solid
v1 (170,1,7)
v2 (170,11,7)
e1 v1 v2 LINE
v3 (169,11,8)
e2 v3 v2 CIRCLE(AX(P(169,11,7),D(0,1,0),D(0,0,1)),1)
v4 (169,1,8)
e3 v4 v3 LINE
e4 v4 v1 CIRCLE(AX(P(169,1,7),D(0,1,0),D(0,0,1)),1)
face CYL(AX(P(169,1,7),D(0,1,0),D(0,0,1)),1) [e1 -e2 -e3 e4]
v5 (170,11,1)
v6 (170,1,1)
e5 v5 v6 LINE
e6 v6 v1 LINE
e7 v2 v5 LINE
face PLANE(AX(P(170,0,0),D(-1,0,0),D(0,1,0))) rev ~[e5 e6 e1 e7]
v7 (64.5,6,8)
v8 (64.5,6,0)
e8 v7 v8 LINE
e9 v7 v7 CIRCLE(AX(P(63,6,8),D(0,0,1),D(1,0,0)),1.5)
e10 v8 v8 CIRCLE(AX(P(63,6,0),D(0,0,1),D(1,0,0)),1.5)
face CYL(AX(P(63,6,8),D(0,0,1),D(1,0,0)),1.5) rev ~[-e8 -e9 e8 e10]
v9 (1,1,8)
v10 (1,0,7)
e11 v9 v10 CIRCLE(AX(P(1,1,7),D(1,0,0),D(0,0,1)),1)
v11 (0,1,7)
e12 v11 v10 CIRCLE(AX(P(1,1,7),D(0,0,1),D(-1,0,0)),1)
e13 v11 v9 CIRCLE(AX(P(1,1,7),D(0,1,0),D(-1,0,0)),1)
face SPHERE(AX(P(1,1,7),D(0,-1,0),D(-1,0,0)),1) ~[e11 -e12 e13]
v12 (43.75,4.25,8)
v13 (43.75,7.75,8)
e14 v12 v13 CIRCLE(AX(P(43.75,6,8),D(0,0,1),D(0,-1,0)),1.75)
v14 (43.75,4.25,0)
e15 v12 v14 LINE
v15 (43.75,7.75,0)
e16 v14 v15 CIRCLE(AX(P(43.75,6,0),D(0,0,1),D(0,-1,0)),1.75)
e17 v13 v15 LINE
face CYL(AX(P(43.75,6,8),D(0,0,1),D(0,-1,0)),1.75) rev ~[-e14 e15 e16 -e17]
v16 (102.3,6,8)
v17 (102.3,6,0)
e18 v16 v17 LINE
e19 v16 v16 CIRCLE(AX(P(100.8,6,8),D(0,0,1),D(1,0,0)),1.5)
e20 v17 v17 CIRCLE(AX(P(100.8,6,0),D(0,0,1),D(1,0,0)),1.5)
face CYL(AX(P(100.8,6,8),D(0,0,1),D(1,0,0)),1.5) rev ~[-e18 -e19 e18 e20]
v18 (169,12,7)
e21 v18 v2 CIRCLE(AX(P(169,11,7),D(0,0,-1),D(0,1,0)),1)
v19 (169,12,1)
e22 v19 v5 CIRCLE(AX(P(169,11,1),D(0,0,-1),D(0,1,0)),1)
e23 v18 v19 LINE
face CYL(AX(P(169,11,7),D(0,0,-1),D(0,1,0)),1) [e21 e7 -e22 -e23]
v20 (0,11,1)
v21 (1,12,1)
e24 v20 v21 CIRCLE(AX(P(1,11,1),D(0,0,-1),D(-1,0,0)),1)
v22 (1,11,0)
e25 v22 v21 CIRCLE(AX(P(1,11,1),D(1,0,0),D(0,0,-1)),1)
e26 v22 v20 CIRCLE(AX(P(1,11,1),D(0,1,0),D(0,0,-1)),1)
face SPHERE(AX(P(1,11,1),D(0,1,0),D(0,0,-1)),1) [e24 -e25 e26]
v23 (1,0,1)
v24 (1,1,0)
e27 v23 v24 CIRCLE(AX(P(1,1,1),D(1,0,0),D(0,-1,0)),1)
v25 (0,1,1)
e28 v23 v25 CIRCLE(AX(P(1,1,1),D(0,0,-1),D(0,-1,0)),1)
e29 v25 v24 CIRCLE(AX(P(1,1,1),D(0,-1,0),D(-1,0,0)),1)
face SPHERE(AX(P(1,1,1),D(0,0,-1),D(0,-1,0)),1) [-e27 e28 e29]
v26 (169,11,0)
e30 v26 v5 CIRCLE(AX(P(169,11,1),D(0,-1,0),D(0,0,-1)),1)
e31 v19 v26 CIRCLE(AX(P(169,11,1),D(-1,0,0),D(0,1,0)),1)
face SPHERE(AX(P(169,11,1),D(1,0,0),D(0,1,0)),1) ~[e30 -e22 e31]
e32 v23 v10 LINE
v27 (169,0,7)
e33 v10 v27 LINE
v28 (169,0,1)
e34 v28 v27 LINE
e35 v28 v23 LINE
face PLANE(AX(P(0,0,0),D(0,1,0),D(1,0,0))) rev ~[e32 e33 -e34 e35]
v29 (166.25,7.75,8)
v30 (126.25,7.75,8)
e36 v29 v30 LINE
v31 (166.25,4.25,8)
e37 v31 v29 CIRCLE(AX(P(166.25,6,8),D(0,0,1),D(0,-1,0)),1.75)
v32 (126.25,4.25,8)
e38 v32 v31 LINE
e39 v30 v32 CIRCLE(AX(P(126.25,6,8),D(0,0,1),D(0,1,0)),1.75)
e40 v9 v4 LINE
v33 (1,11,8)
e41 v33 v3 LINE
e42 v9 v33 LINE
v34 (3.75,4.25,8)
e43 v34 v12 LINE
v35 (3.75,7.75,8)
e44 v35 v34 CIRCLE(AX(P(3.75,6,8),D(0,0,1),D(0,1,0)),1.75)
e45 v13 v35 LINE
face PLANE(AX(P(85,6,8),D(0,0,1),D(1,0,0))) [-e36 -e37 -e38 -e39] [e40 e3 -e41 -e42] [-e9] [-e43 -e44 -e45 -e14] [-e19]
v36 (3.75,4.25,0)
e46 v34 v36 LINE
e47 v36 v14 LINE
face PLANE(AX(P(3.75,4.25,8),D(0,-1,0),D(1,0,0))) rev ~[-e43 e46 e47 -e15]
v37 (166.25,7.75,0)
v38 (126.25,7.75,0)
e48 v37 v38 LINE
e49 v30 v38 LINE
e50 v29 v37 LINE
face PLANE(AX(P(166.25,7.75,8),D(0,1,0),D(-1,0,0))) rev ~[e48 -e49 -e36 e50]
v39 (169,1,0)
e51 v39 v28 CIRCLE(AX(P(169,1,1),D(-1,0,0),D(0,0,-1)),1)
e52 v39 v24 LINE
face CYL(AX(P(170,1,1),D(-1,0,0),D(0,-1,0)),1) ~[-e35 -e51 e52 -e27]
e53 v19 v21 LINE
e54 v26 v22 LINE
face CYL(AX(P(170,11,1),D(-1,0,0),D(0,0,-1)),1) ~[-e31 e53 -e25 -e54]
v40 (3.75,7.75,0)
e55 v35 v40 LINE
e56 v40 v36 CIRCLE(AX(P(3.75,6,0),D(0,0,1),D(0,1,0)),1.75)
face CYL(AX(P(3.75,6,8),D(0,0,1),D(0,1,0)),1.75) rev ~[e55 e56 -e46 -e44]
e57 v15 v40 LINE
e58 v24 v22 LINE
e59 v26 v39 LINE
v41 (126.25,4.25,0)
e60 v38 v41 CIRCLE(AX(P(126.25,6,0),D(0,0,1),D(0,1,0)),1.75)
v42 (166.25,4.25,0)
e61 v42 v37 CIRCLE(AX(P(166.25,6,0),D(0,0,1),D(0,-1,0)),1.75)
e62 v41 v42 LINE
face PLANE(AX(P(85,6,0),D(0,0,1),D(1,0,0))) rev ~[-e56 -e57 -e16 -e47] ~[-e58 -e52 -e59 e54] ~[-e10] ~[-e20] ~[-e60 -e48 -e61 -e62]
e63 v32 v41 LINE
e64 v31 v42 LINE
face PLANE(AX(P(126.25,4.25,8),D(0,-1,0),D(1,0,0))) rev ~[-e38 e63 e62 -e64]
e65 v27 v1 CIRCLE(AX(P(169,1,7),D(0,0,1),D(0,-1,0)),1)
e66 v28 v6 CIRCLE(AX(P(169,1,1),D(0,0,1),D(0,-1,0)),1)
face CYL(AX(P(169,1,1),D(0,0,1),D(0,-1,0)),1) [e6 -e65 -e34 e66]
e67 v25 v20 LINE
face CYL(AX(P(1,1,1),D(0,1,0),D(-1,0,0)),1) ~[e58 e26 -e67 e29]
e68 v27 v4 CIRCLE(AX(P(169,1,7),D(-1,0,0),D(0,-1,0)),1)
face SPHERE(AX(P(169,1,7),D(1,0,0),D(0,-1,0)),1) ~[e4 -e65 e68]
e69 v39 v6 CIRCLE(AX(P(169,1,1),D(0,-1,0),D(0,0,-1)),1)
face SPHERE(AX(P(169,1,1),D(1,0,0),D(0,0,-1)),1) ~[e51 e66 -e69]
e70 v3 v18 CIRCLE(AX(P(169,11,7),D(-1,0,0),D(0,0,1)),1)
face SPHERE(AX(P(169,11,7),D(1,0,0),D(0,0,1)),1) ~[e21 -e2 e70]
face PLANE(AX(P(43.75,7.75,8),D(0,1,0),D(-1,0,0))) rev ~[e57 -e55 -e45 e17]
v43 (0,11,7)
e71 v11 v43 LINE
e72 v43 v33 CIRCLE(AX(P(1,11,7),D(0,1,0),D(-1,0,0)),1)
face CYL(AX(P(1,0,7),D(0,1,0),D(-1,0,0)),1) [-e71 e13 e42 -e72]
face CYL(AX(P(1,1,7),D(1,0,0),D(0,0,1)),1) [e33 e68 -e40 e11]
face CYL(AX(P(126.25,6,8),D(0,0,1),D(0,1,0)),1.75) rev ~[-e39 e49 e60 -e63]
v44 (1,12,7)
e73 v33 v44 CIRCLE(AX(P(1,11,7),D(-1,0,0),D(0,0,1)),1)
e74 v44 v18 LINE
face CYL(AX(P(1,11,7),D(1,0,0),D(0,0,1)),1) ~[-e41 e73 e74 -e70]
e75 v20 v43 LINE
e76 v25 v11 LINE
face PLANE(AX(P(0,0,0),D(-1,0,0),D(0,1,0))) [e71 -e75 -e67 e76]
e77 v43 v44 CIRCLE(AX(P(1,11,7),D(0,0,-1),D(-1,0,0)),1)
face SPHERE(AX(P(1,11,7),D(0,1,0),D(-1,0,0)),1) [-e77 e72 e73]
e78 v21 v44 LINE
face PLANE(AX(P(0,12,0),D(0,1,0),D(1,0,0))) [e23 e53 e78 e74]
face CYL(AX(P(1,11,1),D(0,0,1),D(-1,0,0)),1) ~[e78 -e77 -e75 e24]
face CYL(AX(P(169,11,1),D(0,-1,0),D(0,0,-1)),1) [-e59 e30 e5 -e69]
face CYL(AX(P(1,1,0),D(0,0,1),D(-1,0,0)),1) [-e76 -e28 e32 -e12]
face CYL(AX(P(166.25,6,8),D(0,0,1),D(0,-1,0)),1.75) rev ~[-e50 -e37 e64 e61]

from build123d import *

# Parameters (mm, degrees)
SKETCH_W        = 170
SKETCH_H        = 12
PAD_DEPTH       = 8
POCKET_DEPTH    = 8
POCKET001_DEPTH = 8
FILLET_R        = 1
FILLET001_R     = 1
FILLET002_R     = 1
FILLET003_R     = 1
FILLET004_R     = 1
SKETCH003_R     = 1.5
POCKET002_DEPTH = 8


with BuildPart() as part:
    # Sketch → Pad (new body)
    with BuildSketch(Plane.XY):
        with Locations((85, 6)):
            Rectangle(SKETCH_W, SKETCH_H)
    extrude(amount=PAD_DEPTH)

    # Sketch001 (on Face6 of Pad) → Pocket (cut)
    with BuildSketch(Plane.XY.offset(8)):
        with BuildLine():
            ThreePointArc((3.75, 7.75), (2, 6), (3.75, 4.25))
            Line((3.75, 4.25), (43.75, 4.25))
            ThreePointArc((43.75, 4.25), (45.5, 6), (43.75, 7.75))
            Line((43.75, 7.75), (3.75, 7.75))
        make_face()
    extrude(amount=-POCKET_DEPTH, mode=Mode.SUBTRACT)

    # Sketch002 (on Face5 of Pocket) → Pocket001 (cut)
    with BuildSketch(Plane.XY.offset(8)):
        with BuildLine():
            ThreePointArc((126.25, 7.75), (124.5, 6), (126.25, 4.25))
            Line((126.25, 4.25), (166.25, 4.25))
            ThreePointArc((166.25, 4.25), (168, 6), (166.25, 7.75))
            Line((166.25, 7.75), (126.25, 7.75))
        make_face()
    extrude(amount=-POCKET001_DEPTH, mode=Mode.SUBTRACT)

    # Fillet
    fillet_edges = [part.edges().sort_by_distance(p)[0] for p in [
        (0, 6, 8),
    ]]
    fillet(fillet_edges, radius=FILLET_R)

    # Fillet001
    fillet001_edges = [part.edges().sort_by_distance(p)[0] for p in [
        (0, 0, 3.5),
    ]]
    fillet(fillet001_edges, radius=FILLET001_R)

    # Fillet002
    fillet002_edges = [part.edges().sort_by_distance(p)[0] for p in [
        (0, 6.5, 0),
    ]]
    fillet(fillet002_edges, radius=FILLET002_R)

    # Fillet003
    fillet003_edges = [part.edges().sort_by_distance(p)[0] for p in [
        (0, 12, 4),
    ]]
    fillet(fillet003_edges, radius=FILLET003_R)

    # Fillet004
    fillet004_edges = [part.edges().sort_by_distance(p)[0] for p in [
        (170, 6, 8),
    ]]
    fillet(fillet004_edges, radius=FILLET004_R)

    # Sketch003 (on Face22 of Fillet004) → Pocket002 (cut)
    with BuildSketch(Plane.XY.offset(8)):
        with Locations((63, 6)):
            Circle(SKETCH003_R)
        with Locations((100.8, 6)):
            Circle(SKETCH003_R)
    extrude(amount=-POCKET002_DEPTH, mode=Mode.SUBTRACT)


solid = part.part
